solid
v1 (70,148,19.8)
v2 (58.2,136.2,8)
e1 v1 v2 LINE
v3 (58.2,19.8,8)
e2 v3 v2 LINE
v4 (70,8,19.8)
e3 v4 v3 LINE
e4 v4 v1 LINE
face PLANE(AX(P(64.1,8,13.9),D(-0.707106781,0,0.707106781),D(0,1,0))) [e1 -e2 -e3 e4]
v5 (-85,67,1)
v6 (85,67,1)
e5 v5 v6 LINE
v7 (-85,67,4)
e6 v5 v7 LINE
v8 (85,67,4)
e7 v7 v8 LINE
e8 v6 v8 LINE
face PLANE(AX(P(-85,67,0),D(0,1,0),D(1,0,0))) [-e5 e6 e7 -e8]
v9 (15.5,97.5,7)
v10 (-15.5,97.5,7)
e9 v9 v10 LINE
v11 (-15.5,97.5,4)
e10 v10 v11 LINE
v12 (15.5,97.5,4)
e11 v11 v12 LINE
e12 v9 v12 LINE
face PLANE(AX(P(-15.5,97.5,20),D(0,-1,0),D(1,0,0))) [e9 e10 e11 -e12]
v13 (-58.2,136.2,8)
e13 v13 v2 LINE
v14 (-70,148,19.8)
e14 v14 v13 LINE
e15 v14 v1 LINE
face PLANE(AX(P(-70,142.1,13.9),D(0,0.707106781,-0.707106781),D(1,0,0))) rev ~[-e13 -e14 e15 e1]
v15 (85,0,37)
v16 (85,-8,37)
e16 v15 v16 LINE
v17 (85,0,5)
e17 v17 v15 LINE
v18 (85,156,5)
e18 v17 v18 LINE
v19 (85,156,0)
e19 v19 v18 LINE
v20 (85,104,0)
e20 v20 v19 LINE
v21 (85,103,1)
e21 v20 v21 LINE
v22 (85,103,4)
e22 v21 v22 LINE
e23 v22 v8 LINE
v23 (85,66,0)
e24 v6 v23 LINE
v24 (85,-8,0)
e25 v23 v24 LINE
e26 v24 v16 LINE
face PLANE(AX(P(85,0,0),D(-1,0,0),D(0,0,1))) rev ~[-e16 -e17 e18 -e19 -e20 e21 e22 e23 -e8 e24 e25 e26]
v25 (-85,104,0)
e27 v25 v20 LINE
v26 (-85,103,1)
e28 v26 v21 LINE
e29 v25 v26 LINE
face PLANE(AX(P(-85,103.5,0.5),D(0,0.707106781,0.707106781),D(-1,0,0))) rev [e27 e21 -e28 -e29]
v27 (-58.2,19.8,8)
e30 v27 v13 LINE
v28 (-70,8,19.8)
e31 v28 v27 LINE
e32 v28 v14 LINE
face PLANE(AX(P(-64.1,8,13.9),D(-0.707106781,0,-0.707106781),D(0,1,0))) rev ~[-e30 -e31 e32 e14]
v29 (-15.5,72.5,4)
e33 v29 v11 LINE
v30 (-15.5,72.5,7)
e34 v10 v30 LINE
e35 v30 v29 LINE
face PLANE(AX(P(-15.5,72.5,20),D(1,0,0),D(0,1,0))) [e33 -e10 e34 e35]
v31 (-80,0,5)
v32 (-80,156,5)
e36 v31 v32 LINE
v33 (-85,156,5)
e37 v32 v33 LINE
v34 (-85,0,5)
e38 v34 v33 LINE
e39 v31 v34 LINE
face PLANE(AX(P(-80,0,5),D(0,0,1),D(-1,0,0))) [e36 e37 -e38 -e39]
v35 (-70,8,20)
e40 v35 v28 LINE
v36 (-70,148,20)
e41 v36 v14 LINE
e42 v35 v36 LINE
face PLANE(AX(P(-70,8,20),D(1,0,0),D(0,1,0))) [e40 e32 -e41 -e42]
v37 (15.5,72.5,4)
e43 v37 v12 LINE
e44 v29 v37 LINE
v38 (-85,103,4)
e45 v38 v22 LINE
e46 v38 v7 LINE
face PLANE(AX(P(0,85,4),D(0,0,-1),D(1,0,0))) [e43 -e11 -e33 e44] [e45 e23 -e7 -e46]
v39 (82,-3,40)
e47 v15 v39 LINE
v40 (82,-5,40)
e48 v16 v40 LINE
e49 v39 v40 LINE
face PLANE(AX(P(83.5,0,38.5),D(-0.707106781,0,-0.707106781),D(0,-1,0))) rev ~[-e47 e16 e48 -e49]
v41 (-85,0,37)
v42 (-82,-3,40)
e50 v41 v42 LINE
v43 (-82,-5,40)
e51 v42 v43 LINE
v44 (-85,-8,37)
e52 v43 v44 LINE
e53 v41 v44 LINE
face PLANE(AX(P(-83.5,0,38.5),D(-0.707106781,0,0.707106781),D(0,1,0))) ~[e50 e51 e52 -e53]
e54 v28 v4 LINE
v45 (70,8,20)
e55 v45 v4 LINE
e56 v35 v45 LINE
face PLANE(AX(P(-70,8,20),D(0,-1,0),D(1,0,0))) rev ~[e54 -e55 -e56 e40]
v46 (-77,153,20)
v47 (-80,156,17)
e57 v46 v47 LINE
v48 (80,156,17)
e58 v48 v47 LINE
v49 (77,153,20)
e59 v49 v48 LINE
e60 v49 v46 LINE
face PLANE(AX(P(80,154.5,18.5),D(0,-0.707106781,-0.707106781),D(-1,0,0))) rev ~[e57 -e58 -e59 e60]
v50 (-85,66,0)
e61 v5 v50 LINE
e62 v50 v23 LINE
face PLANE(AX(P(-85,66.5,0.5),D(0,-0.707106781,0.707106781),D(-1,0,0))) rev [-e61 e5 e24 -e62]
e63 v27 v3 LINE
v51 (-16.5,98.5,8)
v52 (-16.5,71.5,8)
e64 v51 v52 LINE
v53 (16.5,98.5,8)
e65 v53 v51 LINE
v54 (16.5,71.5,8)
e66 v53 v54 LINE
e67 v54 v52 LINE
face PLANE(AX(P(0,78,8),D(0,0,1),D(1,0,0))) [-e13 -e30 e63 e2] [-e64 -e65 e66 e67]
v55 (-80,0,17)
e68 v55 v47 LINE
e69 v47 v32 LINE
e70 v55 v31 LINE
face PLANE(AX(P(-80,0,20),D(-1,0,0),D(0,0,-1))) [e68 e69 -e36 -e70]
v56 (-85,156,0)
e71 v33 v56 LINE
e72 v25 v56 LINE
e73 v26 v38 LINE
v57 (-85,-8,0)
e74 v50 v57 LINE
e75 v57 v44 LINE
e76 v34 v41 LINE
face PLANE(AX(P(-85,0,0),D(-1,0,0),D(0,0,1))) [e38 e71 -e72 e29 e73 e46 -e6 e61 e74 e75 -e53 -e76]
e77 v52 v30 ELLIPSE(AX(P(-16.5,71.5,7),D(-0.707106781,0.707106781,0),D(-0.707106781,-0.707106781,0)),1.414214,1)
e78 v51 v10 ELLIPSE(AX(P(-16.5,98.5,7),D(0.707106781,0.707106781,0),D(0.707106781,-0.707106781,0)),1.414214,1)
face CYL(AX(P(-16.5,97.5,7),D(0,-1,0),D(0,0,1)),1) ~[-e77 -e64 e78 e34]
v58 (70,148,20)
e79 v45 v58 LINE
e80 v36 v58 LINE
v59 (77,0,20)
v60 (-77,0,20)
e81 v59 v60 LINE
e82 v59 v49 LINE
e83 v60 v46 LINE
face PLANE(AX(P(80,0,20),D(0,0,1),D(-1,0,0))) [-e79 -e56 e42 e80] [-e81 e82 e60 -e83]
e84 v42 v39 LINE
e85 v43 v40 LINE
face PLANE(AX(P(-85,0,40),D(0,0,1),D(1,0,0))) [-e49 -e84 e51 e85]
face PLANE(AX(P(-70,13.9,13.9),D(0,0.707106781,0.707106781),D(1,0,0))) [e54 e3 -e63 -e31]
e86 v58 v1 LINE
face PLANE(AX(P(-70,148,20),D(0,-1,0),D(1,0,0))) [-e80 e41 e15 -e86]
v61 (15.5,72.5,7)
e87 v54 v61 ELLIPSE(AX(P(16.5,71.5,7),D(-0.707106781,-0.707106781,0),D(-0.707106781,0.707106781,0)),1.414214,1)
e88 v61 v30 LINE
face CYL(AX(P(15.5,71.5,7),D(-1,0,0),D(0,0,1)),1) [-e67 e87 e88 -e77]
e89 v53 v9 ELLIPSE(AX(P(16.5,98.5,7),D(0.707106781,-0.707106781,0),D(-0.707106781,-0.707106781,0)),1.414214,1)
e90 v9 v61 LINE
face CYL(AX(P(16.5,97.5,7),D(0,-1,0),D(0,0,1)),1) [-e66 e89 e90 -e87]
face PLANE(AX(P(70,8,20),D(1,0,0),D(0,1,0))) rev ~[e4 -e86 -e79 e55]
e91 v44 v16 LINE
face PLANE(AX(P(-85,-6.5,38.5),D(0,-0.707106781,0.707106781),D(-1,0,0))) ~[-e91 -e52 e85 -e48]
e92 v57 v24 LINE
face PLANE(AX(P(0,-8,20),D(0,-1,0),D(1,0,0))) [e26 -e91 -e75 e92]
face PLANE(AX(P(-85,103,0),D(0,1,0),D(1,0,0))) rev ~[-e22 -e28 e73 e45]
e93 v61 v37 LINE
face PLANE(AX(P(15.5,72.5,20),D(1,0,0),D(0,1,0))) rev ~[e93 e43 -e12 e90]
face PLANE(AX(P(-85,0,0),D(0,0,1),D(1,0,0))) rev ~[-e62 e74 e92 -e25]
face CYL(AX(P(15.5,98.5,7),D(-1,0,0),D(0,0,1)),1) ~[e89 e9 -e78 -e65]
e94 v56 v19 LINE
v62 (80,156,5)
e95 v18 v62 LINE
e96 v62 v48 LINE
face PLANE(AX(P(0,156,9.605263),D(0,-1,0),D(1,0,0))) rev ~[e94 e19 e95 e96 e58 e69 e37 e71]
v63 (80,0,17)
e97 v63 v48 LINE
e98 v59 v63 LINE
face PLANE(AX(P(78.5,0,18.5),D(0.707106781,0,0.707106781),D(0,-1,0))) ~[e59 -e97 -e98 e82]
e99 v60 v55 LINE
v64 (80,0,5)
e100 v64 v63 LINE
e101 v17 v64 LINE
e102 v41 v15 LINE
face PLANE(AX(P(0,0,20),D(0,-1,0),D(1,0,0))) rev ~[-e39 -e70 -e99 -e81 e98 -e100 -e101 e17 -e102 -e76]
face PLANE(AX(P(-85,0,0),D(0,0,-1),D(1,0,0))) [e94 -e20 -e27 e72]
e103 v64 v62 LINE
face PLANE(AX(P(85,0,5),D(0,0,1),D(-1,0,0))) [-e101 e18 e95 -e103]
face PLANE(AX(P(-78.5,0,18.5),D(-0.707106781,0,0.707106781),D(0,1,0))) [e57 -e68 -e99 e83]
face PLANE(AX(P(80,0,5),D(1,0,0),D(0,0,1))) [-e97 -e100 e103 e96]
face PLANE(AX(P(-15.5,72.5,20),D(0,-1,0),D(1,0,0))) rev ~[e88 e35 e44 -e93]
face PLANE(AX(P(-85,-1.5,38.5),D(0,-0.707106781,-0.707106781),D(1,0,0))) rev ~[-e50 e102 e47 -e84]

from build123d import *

# Parameters (mm, degrees)
PAD_DEPTH       = 156
SKETCH001_W     = 31
SKETCH001_H     = 25
POCKET_DEPTH    = 20.001
SKETCH002_W     = 170
SKETCH002_H     = 36
POCKET001_DEPTH = 4
SKETCH003_W     = 140
SKETCH003_H     = 140
POCKET002_DEPTH = 12
SKETCH004_W     = 170
SKETCH004_H     = 40
PAD001_DEPTH    = 8
FILLET_R        = 1
CHAMFER_SIZE    = 3
CHAMFER001_SIZE = 1
CHAMFER002_SIZE = 3
CHAMFER003_SIZE = 11.8


with BuildPart() as part:
    # Sketch → Pad (new body)
    with BuildSketch(Plane.XZ):
        Polygon((-80, 20), (-80, 5), (-85, 5), (-85, 0), (85, 0), (85, 5), (80, 5), (80, 20), align=None)
    extrude(amount=-PAD_DEPTH)

    # Sketch001 (on Face2 of Pad) → Pocket (cut, through all)
    with BuildSketch(Plane.XY.offset(20)):
        with Locations((0, 85)):
            Rectangle(SKETCH001_W, SKETCH001_H)
    extrude(amount=-POCKET_DEPTH, mode=Mode.SUBTRACT)

    # Sketch002 (on Face14 of Pocket) → Pocket001 (cut)
    with BuildSketch(Plane(origin=(0, 0, 0), x_dir=(1, 0, 0), z_dir=(0, 0, -1))):
        with Locations((0, -85)):
            Rectangle(SKETCH002_W, SKETCH002_H)
    extrude(amount=-POCKET001_DEPTH, mode=Mode.SUBTRACT)

    # Sketch003 (on Face3 of Pocket001) → Pocket002 (cut)
    with BuildSketch(Plane.XY.offset(20)):
        with Locations((0, 78)):
            Rectangle(SKETCH003_W, SKETCH003_H)
    extrude(amount=-POCKET002_DEPTH, mode=Mode.SUBTRACT)

    # Sketch004 (on Face4 of Pocket002) → Pad001 (join)
    with BuildSketch(Plane.XZ):
        with Locations((0, 20)):
            Rectangle(SKETCH004_W, SKETCH004_H)
    extrude(amount=PAD001_DEPTH)

    # Fillet
    fillet_edges = [part.edges().sort_by_distance(p)[0] for p in [
        (0, 72.5, 8),
        (-15.5, 85, 8),
        (0, 97.5, 8),
        (15.5, 85, 8),
    ]]
    fillet(fillet_edges, radius=FILLET_R)

    # Chamfer
    chamfer_edges = [part.edges().sort_by_distance(p)[0] for p in [
        (-80, 78, 20),
        (0, 156, 20),
        (80, 78, 20),
    ]]
    chamfer(chamfer_edges, length=CHAMFER_SIZE)

    # Chamfer001
    chamfer001_edges = [part.edges().sort_by_distance(p)[0] for p in [
        (0, 67, 0),
        (0, 103, 0),
    ]]
    chamfer(chamfer001_edges, length=CHAMFER001_SIZE)

    # Chamfer002
    chamfer002_edges = [part.edges().sort_by_distance(p)[0] for p in [
        (0, 0, 40),
        (85, -4, 40),
        (0, -8, 40),
        (-85, -4, 40),
    ]]
    chamfer(chamfer002_edges, length=CHAMFER002_SIZE)

    # Chamfer003
    chamfer003_edges = [part.edges().sort_by_distance(p)[0] for p in [
        (0, 148, 8),
        (-70, 78, 8),
        (70, 78, 8),
        (0, 8, 8),
    ]]
    chamfer(chamfer003_edges, length=CHAMFER003_SIZE)


solid = part.part
